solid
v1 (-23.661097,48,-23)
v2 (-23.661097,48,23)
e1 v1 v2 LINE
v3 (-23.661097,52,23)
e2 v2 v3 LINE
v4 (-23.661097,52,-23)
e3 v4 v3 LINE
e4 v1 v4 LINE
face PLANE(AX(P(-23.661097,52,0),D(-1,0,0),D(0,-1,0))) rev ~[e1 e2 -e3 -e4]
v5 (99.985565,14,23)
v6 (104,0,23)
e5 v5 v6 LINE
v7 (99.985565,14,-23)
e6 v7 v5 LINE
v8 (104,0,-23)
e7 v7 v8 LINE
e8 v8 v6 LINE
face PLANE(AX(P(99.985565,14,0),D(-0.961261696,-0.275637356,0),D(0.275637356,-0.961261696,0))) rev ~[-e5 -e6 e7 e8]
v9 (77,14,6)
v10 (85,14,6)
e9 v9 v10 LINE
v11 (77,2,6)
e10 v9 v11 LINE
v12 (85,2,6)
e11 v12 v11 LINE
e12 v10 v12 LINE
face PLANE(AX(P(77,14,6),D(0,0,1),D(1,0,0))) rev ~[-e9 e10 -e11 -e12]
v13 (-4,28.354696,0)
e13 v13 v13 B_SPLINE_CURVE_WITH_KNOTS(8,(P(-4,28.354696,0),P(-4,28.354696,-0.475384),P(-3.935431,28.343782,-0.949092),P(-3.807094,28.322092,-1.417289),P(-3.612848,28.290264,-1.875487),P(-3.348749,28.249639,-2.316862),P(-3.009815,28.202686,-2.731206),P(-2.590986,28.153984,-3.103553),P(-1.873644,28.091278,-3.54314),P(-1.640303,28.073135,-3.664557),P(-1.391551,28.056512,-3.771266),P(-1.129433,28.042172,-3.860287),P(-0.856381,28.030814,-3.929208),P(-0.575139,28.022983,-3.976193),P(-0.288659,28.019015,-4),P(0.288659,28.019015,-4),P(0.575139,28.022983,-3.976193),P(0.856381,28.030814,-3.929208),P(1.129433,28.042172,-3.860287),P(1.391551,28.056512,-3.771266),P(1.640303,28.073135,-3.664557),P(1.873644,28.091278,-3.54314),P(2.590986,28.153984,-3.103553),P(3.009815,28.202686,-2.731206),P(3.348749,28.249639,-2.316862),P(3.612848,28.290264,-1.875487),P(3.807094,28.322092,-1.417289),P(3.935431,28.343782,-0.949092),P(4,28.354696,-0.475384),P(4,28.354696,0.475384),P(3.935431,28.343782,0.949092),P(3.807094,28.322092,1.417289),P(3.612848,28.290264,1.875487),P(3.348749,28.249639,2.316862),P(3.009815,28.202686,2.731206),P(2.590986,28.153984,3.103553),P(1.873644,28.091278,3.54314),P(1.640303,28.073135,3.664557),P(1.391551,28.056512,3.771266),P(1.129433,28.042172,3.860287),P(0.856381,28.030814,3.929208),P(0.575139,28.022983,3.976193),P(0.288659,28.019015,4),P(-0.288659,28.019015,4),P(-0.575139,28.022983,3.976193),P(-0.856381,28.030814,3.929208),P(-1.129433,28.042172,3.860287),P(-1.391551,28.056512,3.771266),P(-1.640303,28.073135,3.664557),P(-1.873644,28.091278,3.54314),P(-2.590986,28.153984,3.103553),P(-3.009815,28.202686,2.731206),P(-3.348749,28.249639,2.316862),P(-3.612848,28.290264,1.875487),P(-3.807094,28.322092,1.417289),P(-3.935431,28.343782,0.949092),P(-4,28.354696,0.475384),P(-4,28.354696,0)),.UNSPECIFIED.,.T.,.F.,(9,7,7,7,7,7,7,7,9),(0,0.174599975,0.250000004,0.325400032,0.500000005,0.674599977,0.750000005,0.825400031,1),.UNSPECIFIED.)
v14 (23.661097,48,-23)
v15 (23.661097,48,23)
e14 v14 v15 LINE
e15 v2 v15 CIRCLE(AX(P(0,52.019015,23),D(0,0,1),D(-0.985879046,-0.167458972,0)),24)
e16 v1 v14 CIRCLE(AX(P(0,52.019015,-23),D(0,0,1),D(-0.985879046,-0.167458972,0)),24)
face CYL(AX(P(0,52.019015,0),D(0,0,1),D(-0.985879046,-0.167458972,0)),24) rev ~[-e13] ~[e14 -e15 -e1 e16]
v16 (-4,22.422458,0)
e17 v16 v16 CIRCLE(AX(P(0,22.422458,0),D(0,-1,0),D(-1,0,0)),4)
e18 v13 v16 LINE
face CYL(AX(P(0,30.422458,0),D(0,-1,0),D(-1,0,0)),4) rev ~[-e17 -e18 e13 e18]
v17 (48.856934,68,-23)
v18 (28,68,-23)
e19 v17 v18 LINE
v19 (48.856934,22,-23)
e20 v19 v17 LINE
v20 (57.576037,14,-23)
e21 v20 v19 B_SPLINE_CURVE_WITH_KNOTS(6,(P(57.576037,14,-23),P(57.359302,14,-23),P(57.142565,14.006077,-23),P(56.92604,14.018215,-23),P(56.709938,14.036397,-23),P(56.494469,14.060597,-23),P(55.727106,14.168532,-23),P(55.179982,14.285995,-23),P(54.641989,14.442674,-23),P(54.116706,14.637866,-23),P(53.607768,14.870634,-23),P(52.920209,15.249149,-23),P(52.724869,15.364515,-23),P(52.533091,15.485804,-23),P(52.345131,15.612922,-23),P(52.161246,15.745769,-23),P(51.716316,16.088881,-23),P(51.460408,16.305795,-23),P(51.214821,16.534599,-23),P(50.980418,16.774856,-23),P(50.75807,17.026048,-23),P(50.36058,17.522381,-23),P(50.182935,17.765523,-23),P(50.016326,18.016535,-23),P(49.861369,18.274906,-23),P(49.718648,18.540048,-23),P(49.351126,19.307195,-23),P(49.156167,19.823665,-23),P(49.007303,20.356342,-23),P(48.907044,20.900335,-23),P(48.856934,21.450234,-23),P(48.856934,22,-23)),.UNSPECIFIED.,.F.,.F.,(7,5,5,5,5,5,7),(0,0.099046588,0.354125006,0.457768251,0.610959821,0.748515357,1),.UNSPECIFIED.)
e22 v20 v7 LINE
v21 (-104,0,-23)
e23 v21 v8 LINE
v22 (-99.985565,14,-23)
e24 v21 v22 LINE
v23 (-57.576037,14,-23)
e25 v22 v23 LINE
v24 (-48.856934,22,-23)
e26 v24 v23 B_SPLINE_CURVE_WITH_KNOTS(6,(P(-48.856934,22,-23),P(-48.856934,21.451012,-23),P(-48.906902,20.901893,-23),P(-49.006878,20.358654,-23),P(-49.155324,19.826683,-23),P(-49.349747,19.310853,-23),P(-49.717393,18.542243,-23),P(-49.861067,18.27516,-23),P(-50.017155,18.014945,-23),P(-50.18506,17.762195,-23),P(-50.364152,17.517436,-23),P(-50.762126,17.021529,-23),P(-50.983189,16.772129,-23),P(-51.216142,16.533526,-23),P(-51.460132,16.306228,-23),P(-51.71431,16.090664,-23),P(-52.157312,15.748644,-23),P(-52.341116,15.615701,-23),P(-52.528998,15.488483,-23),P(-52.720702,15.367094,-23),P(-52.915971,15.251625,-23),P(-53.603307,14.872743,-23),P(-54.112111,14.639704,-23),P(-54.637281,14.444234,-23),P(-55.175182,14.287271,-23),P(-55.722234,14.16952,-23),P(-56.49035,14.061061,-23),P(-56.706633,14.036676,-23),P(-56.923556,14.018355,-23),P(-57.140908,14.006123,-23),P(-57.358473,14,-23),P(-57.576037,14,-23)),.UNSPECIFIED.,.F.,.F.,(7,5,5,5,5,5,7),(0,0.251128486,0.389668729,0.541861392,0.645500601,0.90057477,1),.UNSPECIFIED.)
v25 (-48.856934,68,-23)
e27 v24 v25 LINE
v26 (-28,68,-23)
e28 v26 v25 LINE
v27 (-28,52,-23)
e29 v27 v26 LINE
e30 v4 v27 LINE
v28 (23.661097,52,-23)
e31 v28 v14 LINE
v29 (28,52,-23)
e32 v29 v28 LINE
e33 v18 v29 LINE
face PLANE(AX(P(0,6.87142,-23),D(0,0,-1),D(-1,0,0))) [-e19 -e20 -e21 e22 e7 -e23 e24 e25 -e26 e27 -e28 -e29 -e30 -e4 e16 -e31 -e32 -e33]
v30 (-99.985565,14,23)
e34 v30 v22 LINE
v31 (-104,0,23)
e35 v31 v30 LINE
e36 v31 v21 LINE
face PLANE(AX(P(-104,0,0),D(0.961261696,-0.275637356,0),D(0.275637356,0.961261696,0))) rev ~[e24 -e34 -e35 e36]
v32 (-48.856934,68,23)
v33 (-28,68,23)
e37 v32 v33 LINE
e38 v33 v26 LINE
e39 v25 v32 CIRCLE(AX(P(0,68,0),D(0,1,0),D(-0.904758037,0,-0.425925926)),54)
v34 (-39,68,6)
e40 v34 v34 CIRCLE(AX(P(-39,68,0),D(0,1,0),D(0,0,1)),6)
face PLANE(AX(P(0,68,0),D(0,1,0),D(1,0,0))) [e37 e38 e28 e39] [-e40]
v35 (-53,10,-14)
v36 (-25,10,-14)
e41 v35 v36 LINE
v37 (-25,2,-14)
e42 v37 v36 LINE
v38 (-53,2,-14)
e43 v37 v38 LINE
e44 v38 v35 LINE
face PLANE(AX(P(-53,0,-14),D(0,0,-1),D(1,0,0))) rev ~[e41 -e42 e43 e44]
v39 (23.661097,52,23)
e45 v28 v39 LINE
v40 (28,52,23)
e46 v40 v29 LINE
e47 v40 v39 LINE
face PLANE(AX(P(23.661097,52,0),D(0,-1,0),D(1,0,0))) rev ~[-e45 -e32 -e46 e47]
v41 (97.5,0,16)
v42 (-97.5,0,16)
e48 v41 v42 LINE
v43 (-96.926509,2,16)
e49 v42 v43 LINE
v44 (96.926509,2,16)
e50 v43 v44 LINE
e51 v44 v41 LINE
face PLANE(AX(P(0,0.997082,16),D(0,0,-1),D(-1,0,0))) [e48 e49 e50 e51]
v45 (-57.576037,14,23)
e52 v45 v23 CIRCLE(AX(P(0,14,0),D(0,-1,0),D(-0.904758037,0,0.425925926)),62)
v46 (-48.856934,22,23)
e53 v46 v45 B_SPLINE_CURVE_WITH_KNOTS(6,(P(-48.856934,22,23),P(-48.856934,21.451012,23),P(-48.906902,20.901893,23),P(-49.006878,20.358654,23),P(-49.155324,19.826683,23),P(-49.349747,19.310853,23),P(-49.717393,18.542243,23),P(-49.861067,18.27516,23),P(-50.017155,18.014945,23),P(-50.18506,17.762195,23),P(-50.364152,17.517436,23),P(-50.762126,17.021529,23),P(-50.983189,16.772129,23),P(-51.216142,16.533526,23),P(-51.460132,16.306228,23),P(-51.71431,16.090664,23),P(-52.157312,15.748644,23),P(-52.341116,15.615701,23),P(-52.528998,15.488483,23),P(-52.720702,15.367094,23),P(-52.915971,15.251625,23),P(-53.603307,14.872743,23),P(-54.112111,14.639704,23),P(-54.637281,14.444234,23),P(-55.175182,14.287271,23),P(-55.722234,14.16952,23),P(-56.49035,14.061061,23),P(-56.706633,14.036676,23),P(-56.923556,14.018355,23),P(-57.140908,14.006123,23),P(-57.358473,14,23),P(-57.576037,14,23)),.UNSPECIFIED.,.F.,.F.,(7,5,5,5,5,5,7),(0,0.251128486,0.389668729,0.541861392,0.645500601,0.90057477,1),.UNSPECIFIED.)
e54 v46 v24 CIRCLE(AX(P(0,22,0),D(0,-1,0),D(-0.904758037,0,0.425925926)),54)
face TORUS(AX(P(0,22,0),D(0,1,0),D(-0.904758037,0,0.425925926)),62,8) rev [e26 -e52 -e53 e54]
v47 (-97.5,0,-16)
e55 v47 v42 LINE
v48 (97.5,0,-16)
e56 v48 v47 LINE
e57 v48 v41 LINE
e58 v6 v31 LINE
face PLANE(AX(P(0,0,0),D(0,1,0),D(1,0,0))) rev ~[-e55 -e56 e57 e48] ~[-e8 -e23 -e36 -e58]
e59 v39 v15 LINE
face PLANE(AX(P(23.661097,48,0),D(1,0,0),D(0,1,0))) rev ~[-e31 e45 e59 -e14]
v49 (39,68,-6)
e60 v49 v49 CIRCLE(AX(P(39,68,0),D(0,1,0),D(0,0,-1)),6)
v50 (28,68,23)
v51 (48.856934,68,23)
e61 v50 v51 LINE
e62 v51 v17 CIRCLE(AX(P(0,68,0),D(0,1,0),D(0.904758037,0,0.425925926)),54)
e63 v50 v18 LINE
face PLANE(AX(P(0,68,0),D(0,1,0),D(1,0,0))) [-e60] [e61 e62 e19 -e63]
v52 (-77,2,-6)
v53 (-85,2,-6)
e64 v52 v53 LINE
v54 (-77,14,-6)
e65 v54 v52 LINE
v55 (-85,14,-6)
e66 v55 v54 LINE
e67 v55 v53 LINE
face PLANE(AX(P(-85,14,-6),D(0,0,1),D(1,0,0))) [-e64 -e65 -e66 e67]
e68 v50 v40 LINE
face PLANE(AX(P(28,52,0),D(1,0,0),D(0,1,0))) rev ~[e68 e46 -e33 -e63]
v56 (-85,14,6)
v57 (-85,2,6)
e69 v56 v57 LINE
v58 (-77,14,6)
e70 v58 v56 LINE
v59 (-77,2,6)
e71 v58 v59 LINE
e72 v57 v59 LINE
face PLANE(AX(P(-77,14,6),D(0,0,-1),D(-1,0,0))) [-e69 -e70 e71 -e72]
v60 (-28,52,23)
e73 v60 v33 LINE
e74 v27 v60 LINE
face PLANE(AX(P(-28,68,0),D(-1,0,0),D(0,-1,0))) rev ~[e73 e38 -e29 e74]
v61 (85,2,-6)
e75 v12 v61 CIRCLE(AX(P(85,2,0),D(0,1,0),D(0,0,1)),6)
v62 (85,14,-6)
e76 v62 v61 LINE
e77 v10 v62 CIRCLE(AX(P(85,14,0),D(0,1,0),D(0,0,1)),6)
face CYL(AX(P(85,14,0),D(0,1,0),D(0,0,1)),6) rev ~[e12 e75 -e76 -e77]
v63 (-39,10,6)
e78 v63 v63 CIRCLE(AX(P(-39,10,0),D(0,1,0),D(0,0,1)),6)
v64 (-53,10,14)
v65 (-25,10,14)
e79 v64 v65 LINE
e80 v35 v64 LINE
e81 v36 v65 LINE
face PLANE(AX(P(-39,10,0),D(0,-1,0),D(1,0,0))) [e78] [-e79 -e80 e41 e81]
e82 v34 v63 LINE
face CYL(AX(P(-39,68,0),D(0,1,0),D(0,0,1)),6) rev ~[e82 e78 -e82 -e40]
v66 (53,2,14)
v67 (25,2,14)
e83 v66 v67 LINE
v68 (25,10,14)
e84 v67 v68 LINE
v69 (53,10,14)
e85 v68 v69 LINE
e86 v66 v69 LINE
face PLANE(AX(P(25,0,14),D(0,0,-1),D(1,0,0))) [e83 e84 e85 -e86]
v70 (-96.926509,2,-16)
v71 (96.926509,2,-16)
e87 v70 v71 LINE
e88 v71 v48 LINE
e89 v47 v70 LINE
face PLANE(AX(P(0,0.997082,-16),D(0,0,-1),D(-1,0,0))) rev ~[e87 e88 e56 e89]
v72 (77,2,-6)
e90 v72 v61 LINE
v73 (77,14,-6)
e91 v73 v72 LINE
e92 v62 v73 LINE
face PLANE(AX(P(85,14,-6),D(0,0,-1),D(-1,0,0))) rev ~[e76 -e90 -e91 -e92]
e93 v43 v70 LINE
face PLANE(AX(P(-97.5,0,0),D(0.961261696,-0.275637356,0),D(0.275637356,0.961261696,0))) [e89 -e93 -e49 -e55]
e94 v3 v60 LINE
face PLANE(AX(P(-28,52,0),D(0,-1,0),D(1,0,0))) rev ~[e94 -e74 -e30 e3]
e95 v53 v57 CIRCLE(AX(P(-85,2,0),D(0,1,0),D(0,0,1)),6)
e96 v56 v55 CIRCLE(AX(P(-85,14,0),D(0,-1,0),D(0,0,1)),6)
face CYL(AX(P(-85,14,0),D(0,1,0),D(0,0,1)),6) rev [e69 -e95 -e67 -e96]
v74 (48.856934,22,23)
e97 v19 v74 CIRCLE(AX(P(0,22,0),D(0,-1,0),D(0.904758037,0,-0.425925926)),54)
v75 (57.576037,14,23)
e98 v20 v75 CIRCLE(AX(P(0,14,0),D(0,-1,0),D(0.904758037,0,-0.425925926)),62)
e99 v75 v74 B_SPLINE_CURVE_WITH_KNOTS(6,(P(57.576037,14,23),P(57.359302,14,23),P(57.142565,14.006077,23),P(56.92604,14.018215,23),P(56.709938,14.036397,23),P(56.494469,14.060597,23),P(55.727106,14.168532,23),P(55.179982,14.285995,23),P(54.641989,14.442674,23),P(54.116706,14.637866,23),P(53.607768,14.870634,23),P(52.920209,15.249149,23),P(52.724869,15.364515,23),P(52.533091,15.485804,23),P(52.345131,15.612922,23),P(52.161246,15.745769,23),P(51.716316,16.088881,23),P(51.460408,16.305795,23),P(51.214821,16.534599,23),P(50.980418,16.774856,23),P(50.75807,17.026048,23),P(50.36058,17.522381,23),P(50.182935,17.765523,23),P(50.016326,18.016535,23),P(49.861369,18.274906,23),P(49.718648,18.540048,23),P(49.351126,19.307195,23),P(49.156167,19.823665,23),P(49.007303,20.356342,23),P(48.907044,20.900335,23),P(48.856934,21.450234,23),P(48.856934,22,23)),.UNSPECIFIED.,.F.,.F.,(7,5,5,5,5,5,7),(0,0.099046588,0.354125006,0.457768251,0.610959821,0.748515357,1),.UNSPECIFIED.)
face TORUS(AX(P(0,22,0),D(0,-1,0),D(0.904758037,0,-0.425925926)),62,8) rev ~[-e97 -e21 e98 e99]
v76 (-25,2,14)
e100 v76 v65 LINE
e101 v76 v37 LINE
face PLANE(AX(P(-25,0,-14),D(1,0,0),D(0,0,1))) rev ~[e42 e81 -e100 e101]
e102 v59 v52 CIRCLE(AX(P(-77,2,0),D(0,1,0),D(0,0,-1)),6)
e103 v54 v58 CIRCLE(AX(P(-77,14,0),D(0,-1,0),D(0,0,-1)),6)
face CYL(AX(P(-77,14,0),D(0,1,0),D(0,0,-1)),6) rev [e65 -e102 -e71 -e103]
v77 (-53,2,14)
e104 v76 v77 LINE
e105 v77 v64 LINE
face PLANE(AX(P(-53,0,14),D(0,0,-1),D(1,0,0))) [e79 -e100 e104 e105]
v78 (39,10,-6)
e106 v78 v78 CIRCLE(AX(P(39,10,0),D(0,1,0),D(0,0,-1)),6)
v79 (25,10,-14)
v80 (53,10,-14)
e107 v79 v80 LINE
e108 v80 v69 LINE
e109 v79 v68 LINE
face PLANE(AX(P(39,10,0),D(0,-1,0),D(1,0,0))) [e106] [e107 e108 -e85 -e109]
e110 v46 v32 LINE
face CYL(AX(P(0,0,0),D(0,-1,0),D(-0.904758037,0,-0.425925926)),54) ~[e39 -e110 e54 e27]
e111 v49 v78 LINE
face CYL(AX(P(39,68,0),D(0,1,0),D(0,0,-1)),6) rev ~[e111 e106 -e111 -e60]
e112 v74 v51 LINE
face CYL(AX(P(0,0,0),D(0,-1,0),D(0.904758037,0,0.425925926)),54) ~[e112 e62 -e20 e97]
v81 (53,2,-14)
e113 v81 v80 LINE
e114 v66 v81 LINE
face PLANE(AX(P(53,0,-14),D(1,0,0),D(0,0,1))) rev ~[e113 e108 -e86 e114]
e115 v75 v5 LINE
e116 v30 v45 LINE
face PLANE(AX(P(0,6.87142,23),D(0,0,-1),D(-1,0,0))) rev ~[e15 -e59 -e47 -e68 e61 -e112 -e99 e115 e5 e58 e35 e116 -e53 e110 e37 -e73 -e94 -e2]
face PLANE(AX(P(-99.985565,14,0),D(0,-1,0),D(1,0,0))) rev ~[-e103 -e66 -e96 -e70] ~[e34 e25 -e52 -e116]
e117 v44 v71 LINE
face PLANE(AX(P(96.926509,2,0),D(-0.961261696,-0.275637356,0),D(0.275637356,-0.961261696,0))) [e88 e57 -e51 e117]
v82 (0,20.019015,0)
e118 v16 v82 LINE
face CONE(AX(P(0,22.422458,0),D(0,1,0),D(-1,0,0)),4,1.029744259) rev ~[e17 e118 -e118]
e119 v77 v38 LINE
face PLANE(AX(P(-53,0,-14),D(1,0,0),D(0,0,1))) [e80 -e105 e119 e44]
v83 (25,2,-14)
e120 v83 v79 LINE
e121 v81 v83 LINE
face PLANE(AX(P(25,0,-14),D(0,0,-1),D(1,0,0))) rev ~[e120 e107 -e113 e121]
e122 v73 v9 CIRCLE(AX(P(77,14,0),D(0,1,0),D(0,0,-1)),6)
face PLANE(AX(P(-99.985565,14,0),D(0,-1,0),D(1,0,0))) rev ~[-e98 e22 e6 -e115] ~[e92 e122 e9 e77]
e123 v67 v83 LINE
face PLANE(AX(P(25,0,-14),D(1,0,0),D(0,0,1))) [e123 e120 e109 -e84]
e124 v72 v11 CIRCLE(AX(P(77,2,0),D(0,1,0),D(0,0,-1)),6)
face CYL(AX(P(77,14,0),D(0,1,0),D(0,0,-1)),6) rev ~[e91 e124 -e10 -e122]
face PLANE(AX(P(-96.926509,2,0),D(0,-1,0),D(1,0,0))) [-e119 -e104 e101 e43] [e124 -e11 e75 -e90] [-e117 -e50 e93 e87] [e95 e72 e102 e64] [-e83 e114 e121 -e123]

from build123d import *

# Parameters (mm, degrees)
BOSS_EXTRUDE1_DEPTH = 23
BOSS_EXTRUDE2_START = -14
BOSS_EXTRUDE2_DEPTH = 68
CUT_EXTRUDE1_DEPTH  = 34
SKETCH4_R           = 6
CUT_EXTRUDE2_DEPTH  = 127.368508735
SKETCH5_W           = 28
SKETCH5_H           = 28
CUT_EXTRUDE3_DEPTH  = 10
CUT_EXTRUDE4_DEPTH  = 16
CUT_EXTRUDE5_DEPTH  = 120.419428905
FILLET1_R           = 8


with BuildPart() as part:
    # Sketch1 → Boss-Extrude1 (new, symmetric)
    with BuildSketch(Plane.XY):
        Polygon((104, 0), (-104, 0), (-99.985564599, 14), (99.985564599, 14), align=None)
    extrude(amount=BOSS_EXTRUDE1_DEPTH, both=True)

    # Sketch2 → Boss-Extrude2 (add)
    with BuildSketch(Plane(origin=(0, 14, 0), x_dir=(1, 0, 0), z_dir=(0, 1, 0)).offset(BOSS_EXTRUDE2_START)):
        with BuildLine():
            Line((48.856934001, 23), (-48.856934001, 23))
            ThreePointArc((-48.856934001, 23), (-54, 0), (-48.856934001, -23))
            Line((-48.856934001, -23), (48.856934001, -23))
            ThreePointArc((48.856934001, -23), (54, 0), (48.856934001, 23))
        make_face()
    extrude(amount=BOSS_EXTRUDE2_DEPTH)

    # Sketch3 → Cut-Extrude1 (cut, symmetric)
    with BuildSketch(Plane.XY):
        with BuildLine():
            Line((-28, 68), (-28, 52))
            Line((-28, 52), (-23.661097096, 52))
            Line((-23.661097096, 52), (-23.661097096, 48))
            ThreePointArc((-23.661097096, 48), (0, 28.019015328), (23.661097096, 48))
            Line((23.661097096, 48), (23.661097096, 52))
            Line((23.661097096, 52), (28, 52))
            Line((28, 52), (28, 68))
            Line((28, 68), (-28, 68))
        make_face()
    extrude(amount=CUT_EXTRUDE1_DEPTH, both=True, mode=Mode.SUBTRACT)

    # Sketch4 → Cut-Extrude2 (cut, through all)
    with BuildSketch(Plane(origin=(0, 68, 0), x_dir=(1, 0, 0), z_dir=(0, 1, 0))):
        with Locations(Location((-39, 0, 0), (0, 0, 270))):
            Circle(SKETCH4_R)
        with Locations(Location((39, 0, 0), (0, 0, 90))):
            Circle(SKETCH4_R)
    extrude(amount=-CUT_EXTRUDE2_DEPTH, mode=Mode.SUBTRACT)

    # Sketch5 → Cut-Extrude3 (cut)
    with BuildSketch(Plane.XZ):
        with Locations((-39, 0)):
            Rectangle(SKETCH5_W, SKETCH5_H)
        with Locations((39, 0)):
            Rectangle(SKETCH5_W, SKETCH5_H)
    extrude(amount=-CUT_EXTRUDE3_DEPTH, mode=Mode.SUBTRACT)

    # Sketch6 → Cut-Extrude4 (cut, symmetric)
    with BuildSketch(Plane.XY):
        Polygon((-97.5, 0), (-96.926509228, 2), (96.926509228, 2), (97.5, 0), align=None)
    extrude(amount=CUT_EXTRUDE4_DEPTH, both=True, mode=Mode.SUBTRACT)

    # Sketch7 → Cut-Extrude5 (cut, through all)
    with BuildSketch(Plane(origin=(0, 14, 0), x_dir=(1, 0, 0), z_dir=(0, 1, 0))):
        with BuildLine():
            Line((-85, 6), (-77, 6))
            ThreePointArc((-77, 6), (-71, 0), (-77, -6))
            Line((-77, -6), (-85, -6))
            ThreePointArc((-85, -6), (-91, 0), (-85, 6))
        make_face()
        with BuildLine():
            Line((85, 6), (77, 6))
            ThreePointArc((77, 6), (71, 0), (77, -6))
            Line((77, -6), (85, -6))
            ThreePointArc((85, -6), (91, 0), (85, 6))
        make_face()
    extrude(amount=-CUT_EXTRUDE5_DEPTH, mode=Mode.SUBTRACT)

    # Sketch8 → Cut-Revolve1 (revolve, cut)
    with BuildSketch(Plane.XY, mode=Mode.PRIVATE) as cut_revolve1_sk:
        Polygon((4, 22.422457805), (0, 20.019015328), (0, 28.019015328), (0, 30.422457805), (4, 30.422457805), align=None)
    revolve(cut_revolve1_sk.sketch.rotate(Axis((0, 28.019015328, 0), (0, -1, 0)), 180), axis=Axis((0, 28.019015328, 0), (0, -1, 0)), mode=Mode.SUBTRACT)

    # Fillet1
    fillet1_edges = [part.edges().sort_by_distance(p)[0] for p in [
        (54, 14, 0),
        (-54, 14, 0),
    ]]
    fillet(fillet1_edges, radius=FILLET1_R)


solid = part.part
